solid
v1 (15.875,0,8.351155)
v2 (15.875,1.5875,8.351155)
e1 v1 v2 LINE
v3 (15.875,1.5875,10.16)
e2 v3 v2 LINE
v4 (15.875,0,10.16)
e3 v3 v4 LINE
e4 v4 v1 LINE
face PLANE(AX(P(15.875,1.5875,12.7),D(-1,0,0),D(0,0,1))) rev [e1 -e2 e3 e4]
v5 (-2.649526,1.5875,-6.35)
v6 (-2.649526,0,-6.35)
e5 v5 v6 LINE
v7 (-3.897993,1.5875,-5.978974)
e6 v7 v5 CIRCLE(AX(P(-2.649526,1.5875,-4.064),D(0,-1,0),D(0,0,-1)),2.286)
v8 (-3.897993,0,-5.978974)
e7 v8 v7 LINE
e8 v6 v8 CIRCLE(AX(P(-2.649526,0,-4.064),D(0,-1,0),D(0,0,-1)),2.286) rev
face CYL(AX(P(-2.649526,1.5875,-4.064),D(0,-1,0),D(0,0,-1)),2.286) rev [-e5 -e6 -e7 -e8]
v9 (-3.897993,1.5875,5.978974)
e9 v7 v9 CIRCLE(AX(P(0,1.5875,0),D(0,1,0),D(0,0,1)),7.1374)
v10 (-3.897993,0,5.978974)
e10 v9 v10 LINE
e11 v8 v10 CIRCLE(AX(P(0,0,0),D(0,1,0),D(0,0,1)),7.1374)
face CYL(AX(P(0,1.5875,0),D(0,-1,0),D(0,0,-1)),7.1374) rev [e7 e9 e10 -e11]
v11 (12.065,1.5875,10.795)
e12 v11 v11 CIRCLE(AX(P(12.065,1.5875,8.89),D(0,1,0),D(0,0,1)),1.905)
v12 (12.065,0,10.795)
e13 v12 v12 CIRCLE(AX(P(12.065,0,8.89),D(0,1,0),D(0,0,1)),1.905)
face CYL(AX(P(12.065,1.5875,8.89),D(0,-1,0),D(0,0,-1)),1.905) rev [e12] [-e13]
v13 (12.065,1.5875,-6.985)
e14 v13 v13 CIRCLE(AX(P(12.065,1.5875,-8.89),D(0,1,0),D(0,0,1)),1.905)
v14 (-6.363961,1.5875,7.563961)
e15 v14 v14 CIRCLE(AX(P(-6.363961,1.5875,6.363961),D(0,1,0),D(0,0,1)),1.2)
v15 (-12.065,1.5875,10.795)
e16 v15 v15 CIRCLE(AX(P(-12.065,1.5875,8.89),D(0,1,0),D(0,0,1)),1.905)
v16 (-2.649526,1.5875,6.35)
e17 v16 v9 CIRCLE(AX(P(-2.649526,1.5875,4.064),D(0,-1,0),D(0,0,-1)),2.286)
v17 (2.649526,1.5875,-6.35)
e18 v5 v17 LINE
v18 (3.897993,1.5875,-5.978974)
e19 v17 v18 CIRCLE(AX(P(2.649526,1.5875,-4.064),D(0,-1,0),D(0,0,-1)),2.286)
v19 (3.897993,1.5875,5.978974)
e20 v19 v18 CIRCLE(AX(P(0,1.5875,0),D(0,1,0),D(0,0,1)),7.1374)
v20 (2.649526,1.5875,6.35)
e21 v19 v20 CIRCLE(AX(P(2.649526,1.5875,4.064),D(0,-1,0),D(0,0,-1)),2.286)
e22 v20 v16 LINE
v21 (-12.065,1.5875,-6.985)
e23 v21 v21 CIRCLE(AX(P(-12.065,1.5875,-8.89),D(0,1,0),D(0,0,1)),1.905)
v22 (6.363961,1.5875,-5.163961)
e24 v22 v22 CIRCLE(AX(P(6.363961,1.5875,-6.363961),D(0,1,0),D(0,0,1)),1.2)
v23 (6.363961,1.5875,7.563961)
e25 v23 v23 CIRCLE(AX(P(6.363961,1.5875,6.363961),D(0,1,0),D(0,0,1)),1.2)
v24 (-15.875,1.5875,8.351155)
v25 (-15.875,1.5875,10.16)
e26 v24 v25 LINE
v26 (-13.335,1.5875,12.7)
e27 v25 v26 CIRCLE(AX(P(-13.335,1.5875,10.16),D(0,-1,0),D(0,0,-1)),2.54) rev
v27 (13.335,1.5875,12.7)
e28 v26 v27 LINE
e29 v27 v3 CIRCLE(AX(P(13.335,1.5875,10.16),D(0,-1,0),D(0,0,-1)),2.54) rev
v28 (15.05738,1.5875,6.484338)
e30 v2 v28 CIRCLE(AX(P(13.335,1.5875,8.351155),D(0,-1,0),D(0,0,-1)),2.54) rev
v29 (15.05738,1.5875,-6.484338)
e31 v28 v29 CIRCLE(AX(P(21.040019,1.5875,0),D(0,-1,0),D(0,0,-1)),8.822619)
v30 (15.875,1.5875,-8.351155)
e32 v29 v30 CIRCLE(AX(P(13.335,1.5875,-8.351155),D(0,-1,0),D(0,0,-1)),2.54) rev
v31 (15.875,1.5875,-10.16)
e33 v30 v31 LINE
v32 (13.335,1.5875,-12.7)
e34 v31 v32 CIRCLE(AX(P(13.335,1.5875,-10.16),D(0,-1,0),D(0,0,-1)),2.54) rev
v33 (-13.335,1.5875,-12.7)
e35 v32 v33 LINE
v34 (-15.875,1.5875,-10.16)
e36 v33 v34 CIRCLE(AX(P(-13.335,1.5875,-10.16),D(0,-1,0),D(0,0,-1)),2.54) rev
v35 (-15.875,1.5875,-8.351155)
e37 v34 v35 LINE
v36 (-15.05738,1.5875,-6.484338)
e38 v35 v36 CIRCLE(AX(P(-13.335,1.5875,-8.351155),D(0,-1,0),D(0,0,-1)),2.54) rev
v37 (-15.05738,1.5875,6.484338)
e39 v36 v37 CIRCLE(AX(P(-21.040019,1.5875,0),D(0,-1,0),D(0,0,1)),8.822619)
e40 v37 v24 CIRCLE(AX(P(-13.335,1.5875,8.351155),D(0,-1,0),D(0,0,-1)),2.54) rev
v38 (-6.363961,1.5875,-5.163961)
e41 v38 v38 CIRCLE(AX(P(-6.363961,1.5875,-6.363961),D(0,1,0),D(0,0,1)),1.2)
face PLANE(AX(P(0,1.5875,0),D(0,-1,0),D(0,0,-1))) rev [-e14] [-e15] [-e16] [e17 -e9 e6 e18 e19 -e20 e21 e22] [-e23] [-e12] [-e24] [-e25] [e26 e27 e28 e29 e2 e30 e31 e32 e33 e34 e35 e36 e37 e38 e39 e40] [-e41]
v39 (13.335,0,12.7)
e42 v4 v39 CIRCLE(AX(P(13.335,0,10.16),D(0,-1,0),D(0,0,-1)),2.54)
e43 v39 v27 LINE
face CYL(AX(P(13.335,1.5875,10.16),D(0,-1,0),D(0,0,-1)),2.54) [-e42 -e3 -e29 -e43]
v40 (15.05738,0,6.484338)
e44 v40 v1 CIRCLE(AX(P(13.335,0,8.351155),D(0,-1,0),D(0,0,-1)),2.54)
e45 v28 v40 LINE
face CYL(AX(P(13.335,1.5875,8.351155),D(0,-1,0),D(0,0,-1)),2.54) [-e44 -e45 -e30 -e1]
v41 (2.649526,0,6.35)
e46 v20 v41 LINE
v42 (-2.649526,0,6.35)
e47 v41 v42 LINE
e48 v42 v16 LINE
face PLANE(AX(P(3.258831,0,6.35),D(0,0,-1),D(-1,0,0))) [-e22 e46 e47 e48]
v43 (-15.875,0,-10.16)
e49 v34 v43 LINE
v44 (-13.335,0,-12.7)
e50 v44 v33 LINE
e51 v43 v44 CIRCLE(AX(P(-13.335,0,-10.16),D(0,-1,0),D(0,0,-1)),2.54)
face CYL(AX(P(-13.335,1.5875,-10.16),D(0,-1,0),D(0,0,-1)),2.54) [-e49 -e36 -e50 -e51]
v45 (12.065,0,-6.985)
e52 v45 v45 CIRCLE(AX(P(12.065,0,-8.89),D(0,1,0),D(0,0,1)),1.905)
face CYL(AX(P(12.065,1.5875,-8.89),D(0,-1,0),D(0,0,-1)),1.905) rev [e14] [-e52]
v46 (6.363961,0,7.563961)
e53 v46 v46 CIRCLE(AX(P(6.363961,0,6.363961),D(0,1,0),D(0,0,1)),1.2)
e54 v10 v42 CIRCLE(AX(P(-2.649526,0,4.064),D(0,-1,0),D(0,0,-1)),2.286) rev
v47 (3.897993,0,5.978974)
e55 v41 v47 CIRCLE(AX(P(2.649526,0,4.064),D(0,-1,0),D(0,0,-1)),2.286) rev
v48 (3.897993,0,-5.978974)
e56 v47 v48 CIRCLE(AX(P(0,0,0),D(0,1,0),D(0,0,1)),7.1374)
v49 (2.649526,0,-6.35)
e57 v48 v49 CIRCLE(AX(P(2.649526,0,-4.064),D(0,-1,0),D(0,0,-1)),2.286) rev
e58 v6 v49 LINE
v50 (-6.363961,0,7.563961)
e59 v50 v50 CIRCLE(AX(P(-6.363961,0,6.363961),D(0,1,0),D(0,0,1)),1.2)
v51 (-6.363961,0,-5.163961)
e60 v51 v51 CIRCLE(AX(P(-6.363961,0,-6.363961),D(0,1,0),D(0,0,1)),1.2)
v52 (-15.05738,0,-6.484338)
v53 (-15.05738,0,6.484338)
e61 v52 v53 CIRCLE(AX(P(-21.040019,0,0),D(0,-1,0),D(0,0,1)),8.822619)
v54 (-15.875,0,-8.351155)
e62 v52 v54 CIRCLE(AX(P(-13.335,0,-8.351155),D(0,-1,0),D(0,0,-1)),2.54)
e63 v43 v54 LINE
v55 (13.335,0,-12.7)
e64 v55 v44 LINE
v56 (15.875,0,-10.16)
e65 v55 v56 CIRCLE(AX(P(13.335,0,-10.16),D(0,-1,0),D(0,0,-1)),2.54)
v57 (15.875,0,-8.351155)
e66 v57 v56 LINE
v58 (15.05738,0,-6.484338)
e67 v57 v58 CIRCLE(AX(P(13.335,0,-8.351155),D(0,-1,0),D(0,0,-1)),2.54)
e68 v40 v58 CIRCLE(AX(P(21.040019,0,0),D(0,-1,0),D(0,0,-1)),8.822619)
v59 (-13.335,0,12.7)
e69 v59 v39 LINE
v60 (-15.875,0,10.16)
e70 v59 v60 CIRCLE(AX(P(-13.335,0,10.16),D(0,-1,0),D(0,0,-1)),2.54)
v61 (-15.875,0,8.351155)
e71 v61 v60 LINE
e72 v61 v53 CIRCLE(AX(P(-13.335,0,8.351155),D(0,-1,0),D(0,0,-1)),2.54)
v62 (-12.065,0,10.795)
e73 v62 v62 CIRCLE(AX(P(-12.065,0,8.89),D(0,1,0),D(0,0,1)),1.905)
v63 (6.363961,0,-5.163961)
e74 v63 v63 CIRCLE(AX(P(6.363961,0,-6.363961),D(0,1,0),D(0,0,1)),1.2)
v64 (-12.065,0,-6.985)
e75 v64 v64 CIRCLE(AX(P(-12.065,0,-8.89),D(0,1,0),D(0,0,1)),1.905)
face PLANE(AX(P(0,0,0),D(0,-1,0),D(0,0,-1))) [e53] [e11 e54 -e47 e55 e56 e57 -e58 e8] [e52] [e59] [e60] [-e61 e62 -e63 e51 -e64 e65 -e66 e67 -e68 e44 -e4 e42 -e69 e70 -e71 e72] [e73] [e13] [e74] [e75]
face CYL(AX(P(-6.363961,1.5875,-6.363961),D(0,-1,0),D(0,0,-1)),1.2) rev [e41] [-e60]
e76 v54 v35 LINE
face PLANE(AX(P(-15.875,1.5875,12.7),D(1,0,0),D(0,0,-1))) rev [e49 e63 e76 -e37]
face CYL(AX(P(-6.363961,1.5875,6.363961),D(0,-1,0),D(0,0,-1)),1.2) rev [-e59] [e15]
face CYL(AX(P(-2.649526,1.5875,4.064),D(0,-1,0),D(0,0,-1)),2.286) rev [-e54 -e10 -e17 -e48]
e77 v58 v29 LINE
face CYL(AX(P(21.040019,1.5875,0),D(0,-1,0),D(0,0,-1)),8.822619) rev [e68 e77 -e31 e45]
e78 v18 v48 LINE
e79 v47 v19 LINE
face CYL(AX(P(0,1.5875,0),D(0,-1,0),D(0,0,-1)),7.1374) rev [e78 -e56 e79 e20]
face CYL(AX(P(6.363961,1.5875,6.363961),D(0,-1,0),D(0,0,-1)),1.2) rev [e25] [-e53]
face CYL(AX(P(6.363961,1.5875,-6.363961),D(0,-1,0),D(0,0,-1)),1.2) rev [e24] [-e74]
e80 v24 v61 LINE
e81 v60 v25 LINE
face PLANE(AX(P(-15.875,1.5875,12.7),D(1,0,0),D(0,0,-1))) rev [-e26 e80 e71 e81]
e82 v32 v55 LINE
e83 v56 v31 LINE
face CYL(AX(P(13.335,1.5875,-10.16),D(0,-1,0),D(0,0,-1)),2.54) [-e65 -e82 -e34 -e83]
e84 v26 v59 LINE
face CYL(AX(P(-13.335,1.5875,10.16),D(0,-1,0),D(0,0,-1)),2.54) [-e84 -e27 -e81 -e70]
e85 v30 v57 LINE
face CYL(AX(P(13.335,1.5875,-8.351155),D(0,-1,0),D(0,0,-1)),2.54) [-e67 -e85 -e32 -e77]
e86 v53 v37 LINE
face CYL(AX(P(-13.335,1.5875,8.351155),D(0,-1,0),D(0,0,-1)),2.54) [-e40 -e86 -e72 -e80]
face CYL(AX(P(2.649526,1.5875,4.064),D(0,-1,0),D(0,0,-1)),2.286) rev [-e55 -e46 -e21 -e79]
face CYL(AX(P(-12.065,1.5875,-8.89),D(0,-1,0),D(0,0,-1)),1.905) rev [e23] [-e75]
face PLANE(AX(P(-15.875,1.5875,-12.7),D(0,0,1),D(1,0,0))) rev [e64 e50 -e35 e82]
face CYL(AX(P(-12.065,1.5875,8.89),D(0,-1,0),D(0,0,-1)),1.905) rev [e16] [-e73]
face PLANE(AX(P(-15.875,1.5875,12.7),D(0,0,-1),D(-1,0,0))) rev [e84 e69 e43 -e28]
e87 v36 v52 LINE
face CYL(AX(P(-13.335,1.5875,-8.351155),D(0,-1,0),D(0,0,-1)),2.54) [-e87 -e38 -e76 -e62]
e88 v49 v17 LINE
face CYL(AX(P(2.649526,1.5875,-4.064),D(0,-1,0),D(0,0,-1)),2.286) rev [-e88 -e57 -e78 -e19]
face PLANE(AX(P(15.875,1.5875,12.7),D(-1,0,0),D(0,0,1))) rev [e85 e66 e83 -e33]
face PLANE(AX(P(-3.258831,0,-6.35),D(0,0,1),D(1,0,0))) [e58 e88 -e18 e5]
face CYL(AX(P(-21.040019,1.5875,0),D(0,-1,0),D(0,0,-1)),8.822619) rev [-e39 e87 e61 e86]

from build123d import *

# Parameters (mm, degrees)
SKETCH1_W           = 31.75
SKETCH1_H           = 25.4
SKETCH1_R           = 7.1374
SKETCH1_R_2         = 1.2
SKETCH1_R_3         = 1.905
BOSS_EXTRUDE1_DEPTH = 1.5875
BOSS_EXTRUDE3_DEPTH = 1.5875
CUT_EXTRUDE1_DEPTH  = 2.5875
FILLET3_R           = 2.54
FILLET2_R           = 2.286


with BuildPart() as part:
    # Sketch1 → Boss-Extrude1 (new body)
    with BuildSketch(Plane(origin=(0, 0, 0), x_dir=(1, 0, 0), z_dir=(0, 1, 0))):
        Rectangle(SKETCH1_W, SKETCH1_H)
        Circle(SKETCH1_R, mode=Mode.SUBTRACT)
        with Locations((-6.363961031, -6.363961031)):
            Circle(SKETCH1_R_2, mode=Mode.SUBTRACT)
        with Locations((-6.363961031, 6.363961031)):
            Circle(SKETCH1_R_2, mode=Mode.SUBTRACT)
        with Locations((6.363961031, 6.363961031)):
            Circle(SKETCH1_R_2, mode=Mode.SUBTRACT)
        with Locations((6.363961031, -6.363961031)):
            Circle(SKETCH1_R_2, mode=Mode.SUBTRACT)
        with Locations((-12.065, -8.89)):
            Circle(SKETCH1_R_3, mode=Mode.SUBTRACT)
        with Locations((-12.065, 8.89)):
            Circle(SKETCH1_R_3, mode=Mode.SUBTRACT)
        with Locations((12.065, 8.89)):
            Circle(SKETCH1_R_3, mode=Mode.SUBTRACT)
        with Locations((12.065, -8.89)):
            Circle(SKETCH1_R_3, mode=Mode.SUBTRACT)
    extrude(amount=BOSS_EXTRUDE1_DEPTH)

    # Sketch3 → Boss-Extrude3 (add, through all)
    with BuildSketch(Plane(origin=(0, 1.5875, 0), x_dir=(1, 0, 0), z_dir=(0, 1, 0))):
        with BuildLine():
            Line((-3.258830889, 6.35), (3.258830889, 6.35))
            ThreePointArc((3.258830889, 6.35), (0, 7.1374), (-3.258830889, 6.35))
        make_face()
        with BuildLine():
            Line((3.258830889, -6.35), (-3.258830889, -6.35))
            ThreePointArc((-3.258830889, -6.35), (0, -7.1374), (3.258830889, -6.35))
        make_face()
    extrude(amount=-BOSS_EXTRUDE3_DEPTH)

    # Sketch4 → Cut-Extrude1 (cut, through all)
    with BuildSketch(Plane.XZ):
        with BuildLine():
            Line((-15.875, 7.152704943), (-15.875, -7.152704943))
            ThreePointArc((-15.875, -7.152704943), (-12.2174, 0), (-15.875, 7.152704943))
        make_face()
        with BuildLine():
            Line((15.875, -7.152704943), (15.875, 7.152704943))
            ThreePointArc((15.875, 7.152704943), (12.2174, 0), (15.875, -7.152704943))
        make_face()
    extrude(amount=-CUT_EXTRUDE1_DEPTH, mode=Mode.SUBTRACT)

    # Fillet3
    fillet3_edges = [part.edges().sort_by_distance(p)[0] for p in [
        (-15.875, 0.79375, 7.152704943),
        (-15.875, 0.79375, -7.152704943),
        (15.875, 0.79375, 12.7),
        (-15.875, 0.79375, 12.7),
        (15.875, 0.79375, -7.152704943),
        (-15.875, 0.79375, -12.7),
        (15.875, 0.79375, 7.152704943),
        (15.875, 0.79375, -12.7),
    ]]
    fillet(fillet3_edges, radius=FILLET3_R)

    # Fillet2
    fillet2_edges = [part.edges().sort_by_distance(p)[0] for p in [
        (-3.258830889, 0.79375, -6.35),
        (3.258830889, 0.79375, -6.35),
        (3.258830889, 0.79375, 6.35),
        (-3.258830889, 0.79375, 6.35),
    ]]
    fillet(fillet2_edges, radius=FILLET2_R)


solid = part.part
